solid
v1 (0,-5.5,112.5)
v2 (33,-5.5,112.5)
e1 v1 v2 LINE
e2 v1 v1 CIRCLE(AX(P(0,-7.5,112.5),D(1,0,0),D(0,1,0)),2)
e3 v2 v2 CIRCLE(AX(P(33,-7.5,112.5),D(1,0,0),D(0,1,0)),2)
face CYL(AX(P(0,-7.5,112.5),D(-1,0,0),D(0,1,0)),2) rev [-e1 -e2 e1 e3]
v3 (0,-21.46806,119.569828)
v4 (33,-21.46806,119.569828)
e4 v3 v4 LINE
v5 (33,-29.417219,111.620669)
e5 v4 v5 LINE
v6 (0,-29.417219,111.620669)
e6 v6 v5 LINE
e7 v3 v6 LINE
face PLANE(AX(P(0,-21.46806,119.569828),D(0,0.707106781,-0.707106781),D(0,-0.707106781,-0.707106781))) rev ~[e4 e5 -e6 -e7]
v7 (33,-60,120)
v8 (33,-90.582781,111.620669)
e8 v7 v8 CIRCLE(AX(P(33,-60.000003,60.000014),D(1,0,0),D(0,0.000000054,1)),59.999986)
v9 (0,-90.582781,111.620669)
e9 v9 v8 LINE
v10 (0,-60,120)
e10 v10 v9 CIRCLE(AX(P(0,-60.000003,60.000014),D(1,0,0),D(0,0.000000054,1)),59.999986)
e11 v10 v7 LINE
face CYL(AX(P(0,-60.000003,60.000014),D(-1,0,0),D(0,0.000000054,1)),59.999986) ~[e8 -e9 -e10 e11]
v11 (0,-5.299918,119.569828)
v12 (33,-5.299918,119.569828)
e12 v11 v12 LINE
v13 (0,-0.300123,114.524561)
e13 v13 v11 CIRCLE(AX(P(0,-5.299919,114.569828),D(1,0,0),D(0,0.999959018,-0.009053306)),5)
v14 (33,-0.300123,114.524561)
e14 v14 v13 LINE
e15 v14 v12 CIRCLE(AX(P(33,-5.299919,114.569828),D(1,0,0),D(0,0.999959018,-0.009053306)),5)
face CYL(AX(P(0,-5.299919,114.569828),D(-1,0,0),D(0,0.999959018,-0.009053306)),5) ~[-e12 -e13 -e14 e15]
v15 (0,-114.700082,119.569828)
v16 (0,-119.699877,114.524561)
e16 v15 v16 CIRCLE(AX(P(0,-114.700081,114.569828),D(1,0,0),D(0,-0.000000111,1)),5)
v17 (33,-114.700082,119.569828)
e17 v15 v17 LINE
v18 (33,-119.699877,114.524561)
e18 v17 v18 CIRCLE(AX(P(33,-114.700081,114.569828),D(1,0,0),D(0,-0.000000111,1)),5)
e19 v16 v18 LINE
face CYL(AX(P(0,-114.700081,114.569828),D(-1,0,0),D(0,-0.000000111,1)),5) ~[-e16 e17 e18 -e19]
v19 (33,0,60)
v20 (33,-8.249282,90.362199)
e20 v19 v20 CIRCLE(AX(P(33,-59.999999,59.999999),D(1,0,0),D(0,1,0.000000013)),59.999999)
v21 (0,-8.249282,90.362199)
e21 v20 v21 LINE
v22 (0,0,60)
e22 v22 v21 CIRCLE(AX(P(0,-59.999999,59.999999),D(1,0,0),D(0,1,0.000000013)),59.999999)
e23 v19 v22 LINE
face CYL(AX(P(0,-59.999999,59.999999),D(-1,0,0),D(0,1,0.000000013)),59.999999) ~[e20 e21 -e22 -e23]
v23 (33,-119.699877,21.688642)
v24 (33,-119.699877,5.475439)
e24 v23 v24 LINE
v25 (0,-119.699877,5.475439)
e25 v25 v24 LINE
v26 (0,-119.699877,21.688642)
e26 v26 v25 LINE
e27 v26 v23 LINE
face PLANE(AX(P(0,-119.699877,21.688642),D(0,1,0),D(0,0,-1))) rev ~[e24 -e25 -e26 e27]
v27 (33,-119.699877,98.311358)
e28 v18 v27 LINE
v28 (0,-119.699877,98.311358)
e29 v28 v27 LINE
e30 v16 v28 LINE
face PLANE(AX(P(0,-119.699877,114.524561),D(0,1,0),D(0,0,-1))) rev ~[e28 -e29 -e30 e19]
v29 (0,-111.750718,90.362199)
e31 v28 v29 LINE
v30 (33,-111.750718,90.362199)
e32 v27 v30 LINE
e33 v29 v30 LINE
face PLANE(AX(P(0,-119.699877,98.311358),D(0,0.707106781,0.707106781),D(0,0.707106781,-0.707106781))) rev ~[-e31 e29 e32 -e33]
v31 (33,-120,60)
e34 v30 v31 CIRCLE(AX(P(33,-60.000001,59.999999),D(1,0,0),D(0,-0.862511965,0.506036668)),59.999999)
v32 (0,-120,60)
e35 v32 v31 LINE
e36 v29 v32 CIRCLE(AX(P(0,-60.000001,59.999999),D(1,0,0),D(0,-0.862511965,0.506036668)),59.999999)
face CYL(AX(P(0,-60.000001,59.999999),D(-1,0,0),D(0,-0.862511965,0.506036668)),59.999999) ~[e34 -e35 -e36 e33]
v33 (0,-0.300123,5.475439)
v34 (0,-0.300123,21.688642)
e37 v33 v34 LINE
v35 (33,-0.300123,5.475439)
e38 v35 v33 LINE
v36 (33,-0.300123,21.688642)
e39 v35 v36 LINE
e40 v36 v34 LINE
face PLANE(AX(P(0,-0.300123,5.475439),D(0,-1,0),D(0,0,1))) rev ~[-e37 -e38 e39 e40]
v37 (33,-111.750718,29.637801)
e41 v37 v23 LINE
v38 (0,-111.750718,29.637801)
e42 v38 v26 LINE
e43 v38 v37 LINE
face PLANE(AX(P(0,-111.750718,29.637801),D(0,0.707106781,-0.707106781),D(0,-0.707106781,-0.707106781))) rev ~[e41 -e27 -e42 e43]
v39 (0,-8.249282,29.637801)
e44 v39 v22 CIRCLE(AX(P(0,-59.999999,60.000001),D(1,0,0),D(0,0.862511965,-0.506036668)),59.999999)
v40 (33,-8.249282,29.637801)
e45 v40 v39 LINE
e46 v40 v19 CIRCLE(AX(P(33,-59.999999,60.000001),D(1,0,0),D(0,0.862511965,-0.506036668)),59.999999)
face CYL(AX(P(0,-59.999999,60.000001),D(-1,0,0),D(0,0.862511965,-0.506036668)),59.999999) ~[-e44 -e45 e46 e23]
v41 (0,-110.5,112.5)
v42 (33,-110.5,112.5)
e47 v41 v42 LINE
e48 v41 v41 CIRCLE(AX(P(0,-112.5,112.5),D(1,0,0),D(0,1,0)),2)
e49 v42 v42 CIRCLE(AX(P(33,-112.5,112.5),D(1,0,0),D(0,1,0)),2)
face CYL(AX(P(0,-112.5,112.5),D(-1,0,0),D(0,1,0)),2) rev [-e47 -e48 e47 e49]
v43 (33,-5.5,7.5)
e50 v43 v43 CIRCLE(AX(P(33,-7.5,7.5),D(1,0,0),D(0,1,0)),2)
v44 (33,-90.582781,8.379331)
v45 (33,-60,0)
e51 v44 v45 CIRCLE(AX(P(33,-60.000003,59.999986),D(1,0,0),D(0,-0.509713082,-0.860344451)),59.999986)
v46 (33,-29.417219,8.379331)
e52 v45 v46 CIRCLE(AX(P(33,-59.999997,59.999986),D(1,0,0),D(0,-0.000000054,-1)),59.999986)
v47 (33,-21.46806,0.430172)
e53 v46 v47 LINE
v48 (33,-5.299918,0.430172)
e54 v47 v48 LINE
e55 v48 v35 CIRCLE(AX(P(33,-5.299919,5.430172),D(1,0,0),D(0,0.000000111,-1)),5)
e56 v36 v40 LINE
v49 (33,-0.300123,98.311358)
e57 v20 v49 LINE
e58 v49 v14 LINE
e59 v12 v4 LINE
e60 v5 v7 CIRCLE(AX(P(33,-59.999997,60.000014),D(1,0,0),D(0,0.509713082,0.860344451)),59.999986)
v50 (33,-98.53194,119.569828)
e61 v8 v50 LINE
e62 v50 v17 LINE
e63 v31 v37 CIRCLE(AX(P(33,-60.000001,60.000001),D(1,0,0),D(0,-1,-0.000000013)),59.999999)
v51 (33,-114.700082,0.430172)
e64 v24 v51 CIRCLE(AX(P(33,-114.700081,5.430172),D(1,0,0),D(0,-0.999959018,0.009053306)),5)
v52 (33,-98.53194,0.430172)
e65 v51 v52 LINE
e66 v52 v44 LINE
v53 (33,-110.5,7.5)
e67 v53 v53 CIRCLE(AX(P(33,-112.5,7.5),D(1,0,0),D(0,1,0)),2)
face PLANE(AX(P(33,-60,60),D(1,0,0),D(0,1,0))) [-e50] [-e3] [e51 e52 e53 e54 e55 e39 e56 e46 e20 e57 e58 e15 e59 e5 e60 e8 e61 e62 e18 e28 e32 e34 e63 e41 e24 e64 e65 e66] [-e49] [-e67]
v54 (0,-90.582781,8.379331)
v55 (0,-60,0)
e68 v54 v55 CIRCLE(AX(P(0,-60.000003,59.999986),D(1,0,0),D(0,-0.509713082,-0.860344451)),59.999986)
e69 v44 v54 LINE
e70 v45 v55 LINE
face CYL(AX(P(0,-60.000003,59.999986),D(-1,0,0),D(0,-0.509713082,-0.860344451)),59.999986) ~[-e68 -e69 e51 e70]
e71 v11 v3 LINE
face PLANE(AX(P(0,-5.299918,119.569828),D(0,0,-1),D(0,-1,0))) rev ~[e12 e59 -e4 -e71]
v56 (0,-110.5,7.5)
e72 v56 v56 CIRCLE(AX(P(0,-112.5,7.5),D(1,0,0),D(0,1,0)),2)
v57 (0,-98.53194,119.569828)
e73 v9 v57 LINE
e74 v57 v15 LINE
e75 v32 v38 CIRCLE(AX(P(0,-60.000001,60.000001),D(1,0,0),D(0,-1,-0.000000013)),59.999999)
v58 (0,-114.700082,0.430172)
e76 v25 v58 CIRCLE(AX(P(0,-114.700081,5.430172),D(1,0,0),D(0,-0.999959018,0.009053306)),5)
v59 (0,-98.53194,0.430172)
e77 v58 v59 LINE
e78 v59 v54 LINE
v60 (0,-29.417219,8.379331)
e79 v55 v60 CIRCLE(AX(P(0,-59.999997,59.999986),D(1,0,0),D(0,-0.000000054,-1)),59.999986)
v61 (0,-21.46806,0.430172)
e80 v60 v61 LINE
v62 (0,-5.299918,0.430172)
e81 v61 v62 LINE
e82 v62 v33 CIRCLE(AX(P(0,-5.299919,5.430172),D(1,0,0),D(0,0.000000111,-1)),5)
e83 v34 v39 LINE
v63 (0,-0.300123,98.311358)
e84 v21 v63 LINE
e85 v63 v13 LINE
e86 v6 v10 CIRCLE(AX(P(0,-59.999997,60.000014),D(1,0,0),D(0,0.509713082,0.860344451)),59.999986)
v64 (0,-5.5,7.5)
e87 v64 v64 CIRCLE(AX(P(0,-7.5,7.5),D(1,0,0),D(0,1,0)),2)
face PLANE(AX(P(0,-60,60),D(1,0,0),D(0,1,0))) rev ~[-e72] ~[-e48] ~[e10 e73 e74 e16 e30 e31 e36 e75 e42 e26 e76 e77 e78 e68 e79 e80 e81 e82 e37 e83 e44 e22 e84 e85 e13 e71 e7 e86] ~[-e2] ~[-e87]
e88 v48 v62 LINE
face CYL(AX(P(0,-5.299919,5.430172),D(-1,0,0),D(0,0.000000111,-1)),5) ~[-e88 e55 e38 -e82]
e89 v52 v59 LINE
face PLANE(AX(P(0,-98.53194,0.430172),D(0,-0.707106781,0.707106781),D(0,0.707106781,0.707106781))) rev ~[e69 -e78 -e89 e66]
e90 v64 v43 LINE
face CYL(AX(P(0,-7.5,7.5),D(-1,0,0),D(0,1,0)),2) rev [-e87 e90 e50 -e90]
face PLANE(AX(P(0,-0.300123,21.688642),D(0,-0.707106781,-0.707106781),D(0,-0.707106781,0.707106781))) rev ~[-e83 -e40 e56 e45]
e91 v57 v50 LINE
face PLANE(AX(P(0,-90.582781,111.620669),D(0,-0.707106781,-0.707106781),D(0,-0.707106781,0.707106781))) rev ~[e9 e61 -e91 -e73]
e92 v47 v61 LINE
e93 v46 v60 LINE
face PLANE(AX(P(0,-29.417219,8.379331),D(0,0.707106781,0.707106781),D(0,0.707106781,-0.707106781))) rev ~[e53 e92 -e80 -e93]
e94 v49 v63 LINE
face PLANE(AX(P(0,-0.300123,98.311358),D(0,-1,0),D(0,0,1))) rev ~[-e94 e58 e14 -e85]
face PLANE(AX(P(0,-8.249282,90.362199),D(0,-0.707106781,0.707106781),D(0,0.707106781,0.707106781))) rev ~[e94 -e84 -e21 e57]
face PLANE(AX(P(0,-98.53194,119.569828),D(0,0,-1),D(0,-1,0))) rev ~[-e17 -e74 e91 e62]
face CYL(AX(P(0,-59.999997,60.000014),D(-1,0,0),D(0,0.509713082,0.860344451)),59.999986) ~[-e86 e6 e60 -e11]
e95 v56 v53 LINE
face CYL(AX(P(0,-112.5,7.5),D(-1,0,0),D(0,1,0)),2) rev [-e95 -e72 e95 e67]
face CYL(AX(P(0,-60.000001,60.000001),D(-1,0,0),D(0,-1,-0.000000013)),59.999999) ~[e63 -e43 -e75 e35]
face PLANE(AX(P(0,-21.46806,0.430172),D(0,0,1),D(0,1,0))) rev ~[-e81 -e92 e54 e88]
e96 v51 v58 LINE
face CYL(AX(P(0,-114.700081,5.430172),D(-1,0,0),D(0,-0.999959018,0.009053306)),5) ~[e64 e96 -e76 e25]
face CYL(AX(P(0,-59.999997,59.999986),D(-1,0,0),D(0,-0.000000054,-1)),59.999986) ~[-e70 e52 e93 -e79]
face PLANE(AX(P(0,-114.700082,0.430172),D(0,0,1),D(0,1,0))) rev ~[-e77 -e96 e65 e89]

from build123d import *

# Parameters (mm, degrees)
F0_R     = 2
F1_DEPTH = 33
F2_DEPTH = 26


with BuildPart() as f1:
    # F0 (on Right) → F1 (new body)
    with BuildSketch(Plane.YZ):
        with BuildLine():
            ThreePointArc((-0.300123, 114.524561), (-1.748416, 118.089321), (-5.299918, 119.569828))
            Line((-5.299918, 119.569828), (-21.46806, 119.569828))
            Line((-21.46806, 119.569828), (-29.417219, 111.620669))
            ThreePointArc((-29.417219, 111.620669), (-44.145035, 117.867263), (-60, 120))
            ThreePointArc((-60, 120), (-75.854965, 117.867263), (-90.582781, 111.620669))
            Line((-90.582781, 111.620669), (-98.53194, 119.569828))
            Line((-98.53194, 119.569828), (-114.700082, 119.569828))
            ThreePointArc((-114.700082, 119.569828), (-118.251584, 118.089321), (-119.699877, 114.524561))
            Line((-119.699877, 114.524561), (-119.699877, 98.311358))
            Line((-119.699877, 98.311358), (-111.750718, 90.362199))
            ThreePointArc((-111.750718, 90.362199), (-117.900963, 75.731448), (-120, 60))
            ThreePointArc((-120, 60), (-117.900963, 44.268552), (-111.750718, 29.637801))
            Line((-111.750718, 29.637801), (-119.699877, 21.688642))
            Line((-119.699877, 21.688642), (-119.699877, 5.475439))
            ThreePointArc((-119.699877, 5.475439), (-118.251584, 1.910679), (-114.700082, 0.430172))
            Line((-114.700082, 0.430172), (-98.53194, 0.430172))
            Line((-98.53194, 0.430172), (-90.582781, 8.379331))
            ThreePointArc((-90.582781, 8.379331), (-75.854965, 2.132737), (-60, 0))
            ThreePointArc((-60, 0), (-44.145035, 2.132737), (-29.417219, 8.379331))
            Line((-29.417219, 8.379331), (-21.46806, 0.430172))
            Line((-21.46806, 0.430172), (-5.299918, 0.430172))
            ThreePointArc((-5.299918, 0.430172), (-1.748416, 1.910679), (-0.300123, 5.475439))
            Line((-0.300123, 5.475439), (-0.300123, 21.688642))
            Line((-0.300123, 21.688642), (-8.249282, 29.637801))
            ThreePointArc((-8.249282, 29.637801), (-2.099037, 44.268552), (0, 60))
            ThreePointArc((0, 60), (-2.099037, 75.731448), (-8.249282, 90.362199))
            Line((-8.249282, 90.362199), (-0.300123, 98.311358))
            Line((-0.300123, 98.311358), (-0.300123, 114.524561))
        make_face()
        with Locations((-112.5, 7.5)):
            Circle(F0_R, mode=Mode.SUBTRACT)
        with Locations((-7.5, 7.5)):
            Circle(F0_R, mode=Mode.SUBTRACT)
        with Locations((-112.5, 112.5)):
            Circle(F0_R, mode=Mode.SUBTRACT)
        with Locations((-7.5, 112.5)):
            Circle(F0_R, mode=Mode.SUBTRACT)
    extrude(amount=F1_DEPTH)

    # F0 (on Right) → F2 (join)
    with BuildSketch(Plane.YZ):
        with BuildLine():
            ThreePointArc((-0.300123, 114.524561), (-1.748416, 118.089321), (-5.299918, 119.569828))
            Line((-5.299918, 119.569828), (-21.46806, 119.569828))
            Line((-21.46806, 119.569828), (-29.417219, 111.620669))
            ThreePointArc((-29.417219, 111.620669), (-44.145035, 117.867263), (-60, 120))
            ThreePointArc((-60, 120), (-75.854965, 117.867263), (-90.582781, 111.620669))
            Line((-90.582781, 111.620669), (-98.53194, 119.569828))
            Line((-98.53194, 119.569828), (-114.700082, 119.569828))
            ThreePointArc((-114.700082, 119.569828), (-118.251584, 118.089321), (-119.699877, 114.524561))
            Line((-119.699877, 114.524561), (-119.699877, 98.311358))
            Line((-119.699877, 98.311358), (-111.750718, 90.362199))
            ThreePointArc((-111.750718, 90.362199), (-117.900963, 75.731448), (-120, 60))
            ThreePointArc((-120, 60), (-117.900963, 44.268552), (-111.750718, 29.637801))
            Line((-111.750718, 29.637801), (-119.699877, 21.688642))
            Line((-119.699877, 21.688642), (-119.699877, 5.475439))
            ThreePointArc((-119.699877, 5.475439), (-118.251584, 1.910679), (-114.700082, 0.430172))
            Line((-114.700082, 0.430172), (-98.53194, 0.430172))
            Line((-98.53194, 0.430172), (-90.582781, 8.379331))
            ThreePointArc((-90.582781, 8.379331), (-75.854965, 2.132737), (-60, 0))
            ThreePointArc((-60, 0), (-44.145035, 2.132737), (-29.417219, 8.379331))
            Line((-29.417219, 8.379331), (-21.46806, 0.430172))
            Line((-21.46806, 0.430172), (-5.299918, 0.430172))
            ThreePointArc((-5.299918, 0.430172), (-1.748416, 1.910679), (-0.300123, 5.475439))
            Line((-0.300123, 5.475439), (-0.300123, 21.688642))
            Line((-0.300123, 21.688642), (-8.249282, 29.637801))
            ThreePointArc((-8.249282, 29.637801), (-2.099037, 44.268552), (0, 60))
            ThreePointArc((0, 60), (-2.099037, 75.731448), (-8.249282, 90.362199))
            Line((-8.249282, 90.362199), (-0.300123, 98.311358))
            Line((-0.300123, 98.311358), (-0.300123, 114.524561))
        make_face()
        with Locations((-112.5, 7.5)):
            Circle(F0_R, mode=Mode.SUBTRACT)
        with Locations((-7.5, 7.5)):
            Circle(F0_R, mode=Mode.SUBTRACT)
        with Locations((-112.5, 112.5)):
            Circle(F0_R, mode=Mode.SUBTRACT)
        with Locations((-7.5, 112.5)):
            Circle(F0_R, mode=Mode.SUBTRACT)
    extrude(amount=F2_DEPTH)


solid = f1.part
